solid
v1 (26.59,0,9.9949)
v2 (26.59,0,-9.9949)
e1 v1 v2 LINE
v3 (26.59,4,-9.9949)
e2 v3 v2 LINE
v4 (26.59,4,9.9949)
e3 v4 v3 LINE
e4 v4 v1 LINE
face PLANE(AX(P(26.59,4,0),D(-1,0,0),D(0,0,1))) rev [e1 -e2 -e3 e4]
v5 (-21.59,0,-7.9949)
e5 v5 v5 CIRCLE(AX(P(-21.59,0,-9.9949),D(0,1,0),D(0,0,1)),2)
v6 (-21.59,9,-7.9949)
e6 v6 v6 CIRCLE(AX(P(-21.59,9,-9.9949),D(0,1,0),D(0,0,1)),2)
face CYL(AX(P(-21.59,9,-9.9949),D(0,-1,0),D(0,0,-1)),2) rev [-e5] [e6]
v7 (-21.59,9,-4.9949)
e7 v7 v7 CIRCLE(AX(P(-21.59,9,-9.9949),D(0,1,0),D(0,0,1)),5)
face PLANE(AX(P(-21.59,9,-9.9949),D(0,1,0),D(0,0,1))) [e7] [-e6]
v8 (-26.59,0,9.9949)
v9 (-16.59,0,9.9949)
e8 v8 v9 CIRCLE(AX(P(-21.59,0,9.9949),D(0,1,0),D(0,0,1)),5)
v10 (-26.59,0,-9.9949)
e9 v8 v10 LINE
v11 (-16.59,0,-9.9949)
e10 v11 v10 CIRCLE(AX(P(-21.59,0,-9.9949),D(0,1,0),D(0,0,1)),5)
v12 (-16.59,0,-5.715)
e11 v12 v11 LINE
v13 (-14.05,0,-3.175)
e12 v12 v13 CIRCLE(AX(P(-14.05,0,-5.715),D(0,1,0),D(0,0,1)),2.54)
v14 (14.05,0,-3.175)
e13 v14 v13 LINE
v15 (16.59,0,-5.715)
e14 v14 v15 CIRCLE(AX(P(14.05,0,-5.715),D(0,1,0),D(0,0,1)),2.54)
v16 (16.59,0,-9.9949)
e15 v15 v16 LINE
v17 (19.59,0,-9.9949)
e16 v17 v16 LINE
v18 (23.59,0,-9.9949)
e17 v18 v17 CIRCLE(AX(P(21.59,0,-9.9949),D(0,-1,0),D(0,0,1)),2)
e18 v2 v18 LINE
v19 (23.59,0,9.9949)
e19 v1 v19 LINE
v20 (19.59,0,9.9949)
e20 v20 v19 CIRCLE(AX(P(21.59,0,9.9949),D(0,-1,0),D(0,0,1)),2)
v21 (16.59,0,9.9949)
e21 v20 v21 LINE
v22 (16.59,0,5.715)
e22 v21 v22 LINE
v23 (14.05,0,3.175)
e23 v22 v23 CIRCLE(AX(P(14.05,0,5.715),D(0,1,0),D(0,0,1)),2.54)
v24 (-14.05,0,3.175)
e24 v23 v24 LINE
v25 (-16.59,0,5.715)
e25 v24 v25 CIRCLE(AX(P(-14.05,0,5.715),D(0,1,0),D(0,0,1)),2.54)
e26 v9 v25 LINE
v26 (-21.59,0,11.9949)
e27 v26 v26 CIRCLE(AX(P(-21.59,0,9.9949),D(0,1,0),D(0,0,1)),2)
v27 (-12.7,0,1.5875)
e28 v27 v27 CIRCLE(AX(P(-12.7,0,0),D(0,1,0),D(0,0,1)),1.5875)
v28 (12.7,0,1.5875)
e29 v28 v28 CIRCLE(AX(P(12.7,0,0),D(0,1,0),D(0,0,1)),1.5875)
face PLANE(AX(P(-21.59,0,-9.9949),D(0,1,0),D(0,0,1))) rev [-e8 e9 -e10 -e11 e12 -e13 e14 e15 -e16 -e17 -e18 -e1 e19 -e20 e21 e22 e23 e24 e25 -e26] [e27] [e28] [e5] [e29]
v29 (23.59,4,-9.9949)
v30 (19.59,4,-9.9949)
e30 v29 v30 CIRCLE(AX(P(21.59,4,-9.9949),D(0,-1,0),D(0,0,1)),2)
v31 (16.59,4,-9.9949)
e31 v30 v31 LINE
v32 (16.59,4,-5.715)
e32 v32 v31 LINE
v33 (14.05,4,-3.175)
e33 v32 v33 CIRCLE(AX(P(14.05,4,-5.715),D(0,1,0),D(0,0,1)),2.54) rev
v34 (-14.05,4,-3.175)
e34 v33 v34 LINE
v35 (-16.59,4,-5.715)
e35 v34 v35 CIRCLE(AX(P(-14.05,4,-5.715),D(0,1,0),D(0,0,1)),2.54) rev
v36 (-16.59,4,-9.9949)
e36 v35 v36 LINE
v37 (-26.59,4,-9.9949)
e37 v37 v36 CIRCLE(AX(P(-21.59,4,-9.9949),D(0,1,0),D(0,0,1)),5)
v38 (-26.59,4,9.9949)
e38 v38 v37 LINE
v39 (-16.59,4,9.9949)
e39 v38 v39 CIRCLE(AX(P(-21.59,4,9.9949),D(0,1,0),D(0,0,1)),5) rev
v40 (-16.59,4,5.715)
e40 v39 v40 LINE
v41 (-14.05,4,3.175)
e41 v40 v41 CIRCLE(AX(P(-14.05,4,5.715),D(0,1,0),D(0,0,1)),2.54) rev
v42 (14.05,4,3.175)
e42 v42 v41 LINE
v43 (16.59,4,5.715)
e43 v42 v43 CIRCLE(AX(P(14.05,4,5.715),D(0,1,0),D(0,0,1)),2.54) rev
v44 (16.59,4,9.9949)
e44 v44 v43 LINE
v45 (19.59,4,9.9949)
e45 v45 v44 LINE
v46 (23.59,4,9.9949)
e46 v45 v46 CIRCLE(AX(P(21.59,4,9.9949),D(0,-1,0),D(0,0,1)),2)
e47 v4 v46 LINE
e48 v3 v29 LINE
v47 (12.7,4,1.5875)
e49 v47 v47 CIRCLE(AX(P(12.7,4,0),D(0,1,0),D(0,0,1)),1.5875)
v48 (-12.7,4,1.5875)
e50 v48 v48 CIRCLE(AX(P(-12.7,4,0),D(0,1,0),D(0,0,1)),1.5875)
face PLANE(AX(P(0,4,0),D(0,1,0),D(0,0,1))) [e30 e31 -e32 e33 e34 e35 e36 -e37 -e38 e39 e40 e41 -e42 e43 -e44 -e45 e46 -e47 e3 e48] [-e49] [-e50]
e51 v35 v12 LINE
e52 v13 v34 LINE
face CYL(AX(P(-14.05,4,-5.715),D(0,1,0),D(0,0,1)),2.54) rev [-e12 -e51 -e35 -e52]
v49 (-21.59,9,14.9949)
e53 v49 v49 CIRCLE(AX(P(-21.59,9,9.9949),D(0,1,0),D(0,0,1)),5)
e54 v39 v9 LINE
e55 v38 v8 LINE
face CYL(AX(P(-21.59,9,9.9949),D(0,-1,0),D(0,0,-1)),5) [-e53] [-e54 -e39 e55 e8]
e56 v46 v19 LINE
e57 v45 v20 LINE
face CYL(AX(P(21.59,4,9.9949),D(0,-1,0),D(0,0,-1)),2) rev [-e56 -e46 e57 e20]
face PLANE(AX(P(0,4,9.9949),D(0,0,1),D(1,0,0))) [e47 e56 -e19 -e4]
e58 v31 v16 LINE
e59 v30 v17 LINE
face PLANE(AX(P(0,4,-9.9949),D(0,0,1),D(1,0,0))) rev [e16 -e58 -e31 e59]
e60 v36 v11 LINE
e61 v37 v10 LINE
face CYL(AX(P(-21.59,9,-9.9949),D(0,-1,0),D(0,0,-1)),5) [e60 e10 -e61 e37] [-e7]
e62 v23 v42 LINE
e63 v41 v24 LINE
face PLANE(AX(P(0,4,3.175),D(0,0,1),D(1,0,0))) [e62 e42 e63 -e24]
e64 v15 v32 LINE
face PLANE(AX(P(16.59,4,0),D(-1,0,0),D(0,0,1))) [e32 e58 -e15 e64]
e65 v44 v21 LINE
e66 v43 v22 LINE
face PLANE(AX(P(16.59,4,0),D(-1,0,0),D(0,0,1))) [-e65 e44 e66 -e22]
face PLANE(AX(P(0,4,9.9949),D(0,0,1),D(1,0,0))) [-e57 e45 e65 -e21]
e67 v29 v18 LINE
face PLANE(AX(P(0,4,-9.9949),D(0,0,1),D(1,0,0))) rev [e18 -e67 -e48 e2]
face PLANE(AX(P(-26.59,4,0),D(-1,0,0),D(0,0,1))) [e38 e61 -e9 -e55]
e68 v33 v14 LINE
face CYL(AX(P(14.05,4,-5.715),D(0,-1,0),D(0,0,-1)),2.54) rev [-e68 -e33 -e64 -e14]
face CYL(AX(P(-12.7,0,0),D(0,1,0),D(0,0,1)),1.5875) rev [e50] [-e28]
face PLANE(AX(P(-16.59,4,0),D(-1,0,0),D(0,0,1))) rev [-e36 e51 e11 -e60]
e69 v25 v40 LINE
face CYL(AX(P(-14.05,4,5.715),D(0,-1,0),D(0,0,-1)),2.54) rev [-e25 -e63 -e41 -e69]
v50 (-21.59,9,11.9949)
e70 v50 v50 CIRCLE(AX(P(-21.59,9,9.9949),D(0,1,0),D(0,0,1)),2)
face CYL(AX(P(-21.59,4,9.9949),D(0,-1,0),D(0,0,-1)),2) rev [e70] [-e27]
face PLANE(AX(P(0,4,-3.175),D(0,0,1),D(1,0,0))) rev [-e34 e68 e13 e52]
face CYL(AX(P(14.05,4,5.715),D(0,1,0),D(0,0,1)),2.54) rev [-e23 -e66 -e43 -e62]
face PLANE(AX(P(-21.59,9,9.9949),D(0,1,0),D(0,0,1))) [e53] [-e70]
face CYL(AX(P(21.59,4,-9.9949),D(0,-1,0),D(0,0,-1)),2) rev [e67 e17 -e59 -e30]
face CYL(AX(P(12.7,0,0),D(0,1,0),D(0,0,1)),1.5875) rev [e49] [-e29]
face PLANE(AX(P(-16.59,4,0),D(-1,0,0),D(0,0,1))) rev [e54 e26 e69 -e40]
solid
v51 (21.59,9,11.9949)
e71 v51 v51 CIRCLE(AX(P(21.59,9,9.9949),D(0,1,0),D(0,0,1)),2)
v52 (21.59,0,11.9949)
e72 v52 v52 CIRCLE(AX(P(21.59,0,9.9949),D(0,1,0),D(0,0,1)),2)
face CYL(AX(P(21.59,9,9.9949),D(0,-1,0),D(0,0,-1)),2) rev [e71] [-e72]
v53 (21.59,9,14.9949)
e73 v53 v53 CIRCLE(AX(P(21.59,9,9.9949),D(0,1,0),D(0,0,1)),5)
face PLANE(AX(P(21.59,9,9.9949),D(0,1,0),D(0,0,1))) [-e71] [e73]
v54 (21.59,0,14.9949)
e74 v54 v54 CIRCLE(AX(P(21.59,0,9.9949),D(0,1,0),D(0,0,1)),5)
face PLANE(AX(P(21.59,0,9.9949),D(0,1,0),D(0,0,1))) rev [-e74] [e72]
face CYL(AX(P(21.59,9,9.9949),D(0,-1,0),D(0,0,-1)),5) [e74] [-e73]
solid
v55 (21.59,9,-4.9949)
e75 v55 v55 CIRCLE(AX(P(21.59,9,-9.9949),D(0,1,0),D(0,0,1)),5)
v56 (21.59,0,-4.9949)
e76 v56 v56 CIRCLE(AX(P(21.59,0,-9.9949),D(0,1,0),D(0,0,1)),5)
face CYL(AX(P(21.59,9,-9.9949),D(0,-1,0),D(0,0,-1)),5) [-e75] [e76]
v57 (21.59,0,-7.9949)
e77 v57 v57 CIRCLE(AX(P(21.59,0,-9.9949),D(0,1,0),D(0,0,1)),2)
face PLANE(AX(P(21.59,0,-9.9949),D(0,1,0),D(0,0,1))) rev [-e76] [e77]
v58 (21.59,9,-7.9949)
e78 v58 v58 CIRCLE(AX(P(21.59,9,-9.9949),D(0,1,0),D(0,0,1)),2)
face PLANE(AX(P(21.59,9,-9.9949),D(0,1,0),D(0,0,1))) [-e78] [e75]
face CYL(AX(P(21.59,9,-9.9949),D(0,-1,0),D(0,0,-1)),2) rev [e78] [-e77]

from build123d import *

# Parameters (mm, degrees)
SKETCH4_R             = 5
SKETCH4_R_2           = 2
BOSS_EXTRUDE3_DEPTH   = 9
BOSS_EXTRUDE3_2_DEPTH = 9
BOSS_EXTRUDE3_3_DEPTH = 9
BOSS_EXTRUDE3_4_DEPTH = 9
BOSS_EXTRUDE4_DEPTH   = 4
SKETCH6_R             = 1.5875
CUT_EXTRUDE1_DEPTH    = 5
FILLET1_R             = 2.54


with BuildPart() as part:
    # Sketch4 → Boss-Extrude3 (new body)
    with BuildSketch(Plane(origin=(0, 0, 0), x_dir=(1, 0, 0), z_dir=(0, 1, 0))):
        with Locations((-21.59, 9.9949)):
            Circle(SKETCH4_R)
        with Locations((-21.59, 9.9949)):
            Circle(SKETCH4_R_2, mode=Mode.SUBTRACT)
    extrude(amount=BOSS_EXTRUDE3_DEPTH)



with BuildPart() as body_2:
    # Sketch4 → Boss-Extrude3 2 (new body)
    with BuildSketch(Plane(origin=(0, 0, 0), x_dir=(1, 0, 0), z_dir=(0, 1, 0))):
        with Locations((-21.59, -9.9949)):
            Circle(SKETCH4_R)
        with Locations((-21.59, -9.9949)):
            Circle(SKETCH4_R_2, mode=Mode.SUBTRACT)
    extrude(amount=BOSS_EXTRUDE3_2_DEPTH)


with BuildPart() as body_3:
    # Sketch4 → Boss-Extrude3 3 (new body)
    with BuildSketch(Plane(origin=(0, 0, 0), x_dir=(1, 0, 0), z_dir=(0, 1, 0))):
        with Locations((21.59, 9.9949)):
            Circle(SKETCH4_R)
        with Locations((21.59, 9.9949)):
            Circle(SKETCH4_R_2, mode=Mode.SUBTRACT)
    extrude(amount=BOSS_EXTRUDE3_3_DEPTH)


with BuildPart() as body_4:
    # Sketch4 → Boss-Extrude3 4 (new body)
    with BuildSketch(Plane(origin=(0, 0, 0), x_dir=(1, 0, 0), z_dir=(0, 1, 0))):
        with Locations((21.59, -9.9949)):
            Circle(SKETCH4_R)
        with Locations((21.59, -9.9949)):
            Circle(SKETCH4_R_2, mode=Mode.SUBTRACT)
    extrude(amount=BOSS_EXTRUDE3_4_DEPTH)


with BuildPart() as part_1:
    add(part.part)

    add(body_2.part)  # Boss-Extrude4 merges body 2
    # Sketch5 → Boss-Extrude4 (add)
    with BuildSketch(Plane(origin=(0, 0, 0), x_dir=(1, 0, 0), z_dir=(0, 1, 0))):
        with BuildLine():
            ThreePointArc((-23.59, -9.9949), (-21.59, -7.9949), (-19.59, -9.9949))
            Line((-19.59, -9.9949), (-16.59, -9.9949))
            Line((-16.59, -9.9949), (-16.59, -3.175))
            Line((-16.59, -3.175), (0, -3.175))
            Line((0, -3.175), (0, 3.175))
            Line((0, 3.175), (-16.59, 3.175))
            Line((-16.59, 3.175), (-16.59, 9.9949))
            Line((-16.59, 9.9949), (-19.59, 9.9949))
            ThreePointArc((-19.59, 9.9949), (-21.59, 7.9949), (-23.59, 9.9949))
            Line((-23.59, 9.9949), (-26.59, 9.9949))
            Line((-26.59, 9.9949), (-26.59, -9.9949))
            Line((-26.59, -9.9949), (-23.59, -9.9949))
        make_face()
    boss_extrude4 = extrude(amount=BOSS_EXTRUDE4_DEPTH)

    # Mirror1: Boss-Extrude4 across plane
    add(boss_extrude4.mirror(Plane(origin=(0, 0, 0), x_dir=(0, 0, 1), z_dir=(1, 0, 0))))

    # Sketch6 → Cut-Extrude1 (cut, through all)
    with BuildSketch(Plane(origin=(0, 4, 0), x_dir=(1, 0, 0), z_dir=(0, 1, 0))):
        with Locations((-12.7, 0)):
            Circle(SKETCH6_R)
        with Locations((12.7, 0)):
            Circle(SKETCH6_R)
    extrude(amount=-CUT_EXTRUDE1_DEPTH, mode=Mode.SUBTRACT)

    # Fillet1
    fillet1_edges = [part_1.edges().sort_by_distance(p)[0] for p in [
        (-16.59, 2, 3.175),
        (-16.59, 2, -3.175),
        (16.59, 2, -3.175),
        (16.59, 2, 3.175),
    ]]
    fillet(fillet1_edges, radius=FILLET1_R)


solid = Compound([body_3.part, body_4.part, part_1.part])
